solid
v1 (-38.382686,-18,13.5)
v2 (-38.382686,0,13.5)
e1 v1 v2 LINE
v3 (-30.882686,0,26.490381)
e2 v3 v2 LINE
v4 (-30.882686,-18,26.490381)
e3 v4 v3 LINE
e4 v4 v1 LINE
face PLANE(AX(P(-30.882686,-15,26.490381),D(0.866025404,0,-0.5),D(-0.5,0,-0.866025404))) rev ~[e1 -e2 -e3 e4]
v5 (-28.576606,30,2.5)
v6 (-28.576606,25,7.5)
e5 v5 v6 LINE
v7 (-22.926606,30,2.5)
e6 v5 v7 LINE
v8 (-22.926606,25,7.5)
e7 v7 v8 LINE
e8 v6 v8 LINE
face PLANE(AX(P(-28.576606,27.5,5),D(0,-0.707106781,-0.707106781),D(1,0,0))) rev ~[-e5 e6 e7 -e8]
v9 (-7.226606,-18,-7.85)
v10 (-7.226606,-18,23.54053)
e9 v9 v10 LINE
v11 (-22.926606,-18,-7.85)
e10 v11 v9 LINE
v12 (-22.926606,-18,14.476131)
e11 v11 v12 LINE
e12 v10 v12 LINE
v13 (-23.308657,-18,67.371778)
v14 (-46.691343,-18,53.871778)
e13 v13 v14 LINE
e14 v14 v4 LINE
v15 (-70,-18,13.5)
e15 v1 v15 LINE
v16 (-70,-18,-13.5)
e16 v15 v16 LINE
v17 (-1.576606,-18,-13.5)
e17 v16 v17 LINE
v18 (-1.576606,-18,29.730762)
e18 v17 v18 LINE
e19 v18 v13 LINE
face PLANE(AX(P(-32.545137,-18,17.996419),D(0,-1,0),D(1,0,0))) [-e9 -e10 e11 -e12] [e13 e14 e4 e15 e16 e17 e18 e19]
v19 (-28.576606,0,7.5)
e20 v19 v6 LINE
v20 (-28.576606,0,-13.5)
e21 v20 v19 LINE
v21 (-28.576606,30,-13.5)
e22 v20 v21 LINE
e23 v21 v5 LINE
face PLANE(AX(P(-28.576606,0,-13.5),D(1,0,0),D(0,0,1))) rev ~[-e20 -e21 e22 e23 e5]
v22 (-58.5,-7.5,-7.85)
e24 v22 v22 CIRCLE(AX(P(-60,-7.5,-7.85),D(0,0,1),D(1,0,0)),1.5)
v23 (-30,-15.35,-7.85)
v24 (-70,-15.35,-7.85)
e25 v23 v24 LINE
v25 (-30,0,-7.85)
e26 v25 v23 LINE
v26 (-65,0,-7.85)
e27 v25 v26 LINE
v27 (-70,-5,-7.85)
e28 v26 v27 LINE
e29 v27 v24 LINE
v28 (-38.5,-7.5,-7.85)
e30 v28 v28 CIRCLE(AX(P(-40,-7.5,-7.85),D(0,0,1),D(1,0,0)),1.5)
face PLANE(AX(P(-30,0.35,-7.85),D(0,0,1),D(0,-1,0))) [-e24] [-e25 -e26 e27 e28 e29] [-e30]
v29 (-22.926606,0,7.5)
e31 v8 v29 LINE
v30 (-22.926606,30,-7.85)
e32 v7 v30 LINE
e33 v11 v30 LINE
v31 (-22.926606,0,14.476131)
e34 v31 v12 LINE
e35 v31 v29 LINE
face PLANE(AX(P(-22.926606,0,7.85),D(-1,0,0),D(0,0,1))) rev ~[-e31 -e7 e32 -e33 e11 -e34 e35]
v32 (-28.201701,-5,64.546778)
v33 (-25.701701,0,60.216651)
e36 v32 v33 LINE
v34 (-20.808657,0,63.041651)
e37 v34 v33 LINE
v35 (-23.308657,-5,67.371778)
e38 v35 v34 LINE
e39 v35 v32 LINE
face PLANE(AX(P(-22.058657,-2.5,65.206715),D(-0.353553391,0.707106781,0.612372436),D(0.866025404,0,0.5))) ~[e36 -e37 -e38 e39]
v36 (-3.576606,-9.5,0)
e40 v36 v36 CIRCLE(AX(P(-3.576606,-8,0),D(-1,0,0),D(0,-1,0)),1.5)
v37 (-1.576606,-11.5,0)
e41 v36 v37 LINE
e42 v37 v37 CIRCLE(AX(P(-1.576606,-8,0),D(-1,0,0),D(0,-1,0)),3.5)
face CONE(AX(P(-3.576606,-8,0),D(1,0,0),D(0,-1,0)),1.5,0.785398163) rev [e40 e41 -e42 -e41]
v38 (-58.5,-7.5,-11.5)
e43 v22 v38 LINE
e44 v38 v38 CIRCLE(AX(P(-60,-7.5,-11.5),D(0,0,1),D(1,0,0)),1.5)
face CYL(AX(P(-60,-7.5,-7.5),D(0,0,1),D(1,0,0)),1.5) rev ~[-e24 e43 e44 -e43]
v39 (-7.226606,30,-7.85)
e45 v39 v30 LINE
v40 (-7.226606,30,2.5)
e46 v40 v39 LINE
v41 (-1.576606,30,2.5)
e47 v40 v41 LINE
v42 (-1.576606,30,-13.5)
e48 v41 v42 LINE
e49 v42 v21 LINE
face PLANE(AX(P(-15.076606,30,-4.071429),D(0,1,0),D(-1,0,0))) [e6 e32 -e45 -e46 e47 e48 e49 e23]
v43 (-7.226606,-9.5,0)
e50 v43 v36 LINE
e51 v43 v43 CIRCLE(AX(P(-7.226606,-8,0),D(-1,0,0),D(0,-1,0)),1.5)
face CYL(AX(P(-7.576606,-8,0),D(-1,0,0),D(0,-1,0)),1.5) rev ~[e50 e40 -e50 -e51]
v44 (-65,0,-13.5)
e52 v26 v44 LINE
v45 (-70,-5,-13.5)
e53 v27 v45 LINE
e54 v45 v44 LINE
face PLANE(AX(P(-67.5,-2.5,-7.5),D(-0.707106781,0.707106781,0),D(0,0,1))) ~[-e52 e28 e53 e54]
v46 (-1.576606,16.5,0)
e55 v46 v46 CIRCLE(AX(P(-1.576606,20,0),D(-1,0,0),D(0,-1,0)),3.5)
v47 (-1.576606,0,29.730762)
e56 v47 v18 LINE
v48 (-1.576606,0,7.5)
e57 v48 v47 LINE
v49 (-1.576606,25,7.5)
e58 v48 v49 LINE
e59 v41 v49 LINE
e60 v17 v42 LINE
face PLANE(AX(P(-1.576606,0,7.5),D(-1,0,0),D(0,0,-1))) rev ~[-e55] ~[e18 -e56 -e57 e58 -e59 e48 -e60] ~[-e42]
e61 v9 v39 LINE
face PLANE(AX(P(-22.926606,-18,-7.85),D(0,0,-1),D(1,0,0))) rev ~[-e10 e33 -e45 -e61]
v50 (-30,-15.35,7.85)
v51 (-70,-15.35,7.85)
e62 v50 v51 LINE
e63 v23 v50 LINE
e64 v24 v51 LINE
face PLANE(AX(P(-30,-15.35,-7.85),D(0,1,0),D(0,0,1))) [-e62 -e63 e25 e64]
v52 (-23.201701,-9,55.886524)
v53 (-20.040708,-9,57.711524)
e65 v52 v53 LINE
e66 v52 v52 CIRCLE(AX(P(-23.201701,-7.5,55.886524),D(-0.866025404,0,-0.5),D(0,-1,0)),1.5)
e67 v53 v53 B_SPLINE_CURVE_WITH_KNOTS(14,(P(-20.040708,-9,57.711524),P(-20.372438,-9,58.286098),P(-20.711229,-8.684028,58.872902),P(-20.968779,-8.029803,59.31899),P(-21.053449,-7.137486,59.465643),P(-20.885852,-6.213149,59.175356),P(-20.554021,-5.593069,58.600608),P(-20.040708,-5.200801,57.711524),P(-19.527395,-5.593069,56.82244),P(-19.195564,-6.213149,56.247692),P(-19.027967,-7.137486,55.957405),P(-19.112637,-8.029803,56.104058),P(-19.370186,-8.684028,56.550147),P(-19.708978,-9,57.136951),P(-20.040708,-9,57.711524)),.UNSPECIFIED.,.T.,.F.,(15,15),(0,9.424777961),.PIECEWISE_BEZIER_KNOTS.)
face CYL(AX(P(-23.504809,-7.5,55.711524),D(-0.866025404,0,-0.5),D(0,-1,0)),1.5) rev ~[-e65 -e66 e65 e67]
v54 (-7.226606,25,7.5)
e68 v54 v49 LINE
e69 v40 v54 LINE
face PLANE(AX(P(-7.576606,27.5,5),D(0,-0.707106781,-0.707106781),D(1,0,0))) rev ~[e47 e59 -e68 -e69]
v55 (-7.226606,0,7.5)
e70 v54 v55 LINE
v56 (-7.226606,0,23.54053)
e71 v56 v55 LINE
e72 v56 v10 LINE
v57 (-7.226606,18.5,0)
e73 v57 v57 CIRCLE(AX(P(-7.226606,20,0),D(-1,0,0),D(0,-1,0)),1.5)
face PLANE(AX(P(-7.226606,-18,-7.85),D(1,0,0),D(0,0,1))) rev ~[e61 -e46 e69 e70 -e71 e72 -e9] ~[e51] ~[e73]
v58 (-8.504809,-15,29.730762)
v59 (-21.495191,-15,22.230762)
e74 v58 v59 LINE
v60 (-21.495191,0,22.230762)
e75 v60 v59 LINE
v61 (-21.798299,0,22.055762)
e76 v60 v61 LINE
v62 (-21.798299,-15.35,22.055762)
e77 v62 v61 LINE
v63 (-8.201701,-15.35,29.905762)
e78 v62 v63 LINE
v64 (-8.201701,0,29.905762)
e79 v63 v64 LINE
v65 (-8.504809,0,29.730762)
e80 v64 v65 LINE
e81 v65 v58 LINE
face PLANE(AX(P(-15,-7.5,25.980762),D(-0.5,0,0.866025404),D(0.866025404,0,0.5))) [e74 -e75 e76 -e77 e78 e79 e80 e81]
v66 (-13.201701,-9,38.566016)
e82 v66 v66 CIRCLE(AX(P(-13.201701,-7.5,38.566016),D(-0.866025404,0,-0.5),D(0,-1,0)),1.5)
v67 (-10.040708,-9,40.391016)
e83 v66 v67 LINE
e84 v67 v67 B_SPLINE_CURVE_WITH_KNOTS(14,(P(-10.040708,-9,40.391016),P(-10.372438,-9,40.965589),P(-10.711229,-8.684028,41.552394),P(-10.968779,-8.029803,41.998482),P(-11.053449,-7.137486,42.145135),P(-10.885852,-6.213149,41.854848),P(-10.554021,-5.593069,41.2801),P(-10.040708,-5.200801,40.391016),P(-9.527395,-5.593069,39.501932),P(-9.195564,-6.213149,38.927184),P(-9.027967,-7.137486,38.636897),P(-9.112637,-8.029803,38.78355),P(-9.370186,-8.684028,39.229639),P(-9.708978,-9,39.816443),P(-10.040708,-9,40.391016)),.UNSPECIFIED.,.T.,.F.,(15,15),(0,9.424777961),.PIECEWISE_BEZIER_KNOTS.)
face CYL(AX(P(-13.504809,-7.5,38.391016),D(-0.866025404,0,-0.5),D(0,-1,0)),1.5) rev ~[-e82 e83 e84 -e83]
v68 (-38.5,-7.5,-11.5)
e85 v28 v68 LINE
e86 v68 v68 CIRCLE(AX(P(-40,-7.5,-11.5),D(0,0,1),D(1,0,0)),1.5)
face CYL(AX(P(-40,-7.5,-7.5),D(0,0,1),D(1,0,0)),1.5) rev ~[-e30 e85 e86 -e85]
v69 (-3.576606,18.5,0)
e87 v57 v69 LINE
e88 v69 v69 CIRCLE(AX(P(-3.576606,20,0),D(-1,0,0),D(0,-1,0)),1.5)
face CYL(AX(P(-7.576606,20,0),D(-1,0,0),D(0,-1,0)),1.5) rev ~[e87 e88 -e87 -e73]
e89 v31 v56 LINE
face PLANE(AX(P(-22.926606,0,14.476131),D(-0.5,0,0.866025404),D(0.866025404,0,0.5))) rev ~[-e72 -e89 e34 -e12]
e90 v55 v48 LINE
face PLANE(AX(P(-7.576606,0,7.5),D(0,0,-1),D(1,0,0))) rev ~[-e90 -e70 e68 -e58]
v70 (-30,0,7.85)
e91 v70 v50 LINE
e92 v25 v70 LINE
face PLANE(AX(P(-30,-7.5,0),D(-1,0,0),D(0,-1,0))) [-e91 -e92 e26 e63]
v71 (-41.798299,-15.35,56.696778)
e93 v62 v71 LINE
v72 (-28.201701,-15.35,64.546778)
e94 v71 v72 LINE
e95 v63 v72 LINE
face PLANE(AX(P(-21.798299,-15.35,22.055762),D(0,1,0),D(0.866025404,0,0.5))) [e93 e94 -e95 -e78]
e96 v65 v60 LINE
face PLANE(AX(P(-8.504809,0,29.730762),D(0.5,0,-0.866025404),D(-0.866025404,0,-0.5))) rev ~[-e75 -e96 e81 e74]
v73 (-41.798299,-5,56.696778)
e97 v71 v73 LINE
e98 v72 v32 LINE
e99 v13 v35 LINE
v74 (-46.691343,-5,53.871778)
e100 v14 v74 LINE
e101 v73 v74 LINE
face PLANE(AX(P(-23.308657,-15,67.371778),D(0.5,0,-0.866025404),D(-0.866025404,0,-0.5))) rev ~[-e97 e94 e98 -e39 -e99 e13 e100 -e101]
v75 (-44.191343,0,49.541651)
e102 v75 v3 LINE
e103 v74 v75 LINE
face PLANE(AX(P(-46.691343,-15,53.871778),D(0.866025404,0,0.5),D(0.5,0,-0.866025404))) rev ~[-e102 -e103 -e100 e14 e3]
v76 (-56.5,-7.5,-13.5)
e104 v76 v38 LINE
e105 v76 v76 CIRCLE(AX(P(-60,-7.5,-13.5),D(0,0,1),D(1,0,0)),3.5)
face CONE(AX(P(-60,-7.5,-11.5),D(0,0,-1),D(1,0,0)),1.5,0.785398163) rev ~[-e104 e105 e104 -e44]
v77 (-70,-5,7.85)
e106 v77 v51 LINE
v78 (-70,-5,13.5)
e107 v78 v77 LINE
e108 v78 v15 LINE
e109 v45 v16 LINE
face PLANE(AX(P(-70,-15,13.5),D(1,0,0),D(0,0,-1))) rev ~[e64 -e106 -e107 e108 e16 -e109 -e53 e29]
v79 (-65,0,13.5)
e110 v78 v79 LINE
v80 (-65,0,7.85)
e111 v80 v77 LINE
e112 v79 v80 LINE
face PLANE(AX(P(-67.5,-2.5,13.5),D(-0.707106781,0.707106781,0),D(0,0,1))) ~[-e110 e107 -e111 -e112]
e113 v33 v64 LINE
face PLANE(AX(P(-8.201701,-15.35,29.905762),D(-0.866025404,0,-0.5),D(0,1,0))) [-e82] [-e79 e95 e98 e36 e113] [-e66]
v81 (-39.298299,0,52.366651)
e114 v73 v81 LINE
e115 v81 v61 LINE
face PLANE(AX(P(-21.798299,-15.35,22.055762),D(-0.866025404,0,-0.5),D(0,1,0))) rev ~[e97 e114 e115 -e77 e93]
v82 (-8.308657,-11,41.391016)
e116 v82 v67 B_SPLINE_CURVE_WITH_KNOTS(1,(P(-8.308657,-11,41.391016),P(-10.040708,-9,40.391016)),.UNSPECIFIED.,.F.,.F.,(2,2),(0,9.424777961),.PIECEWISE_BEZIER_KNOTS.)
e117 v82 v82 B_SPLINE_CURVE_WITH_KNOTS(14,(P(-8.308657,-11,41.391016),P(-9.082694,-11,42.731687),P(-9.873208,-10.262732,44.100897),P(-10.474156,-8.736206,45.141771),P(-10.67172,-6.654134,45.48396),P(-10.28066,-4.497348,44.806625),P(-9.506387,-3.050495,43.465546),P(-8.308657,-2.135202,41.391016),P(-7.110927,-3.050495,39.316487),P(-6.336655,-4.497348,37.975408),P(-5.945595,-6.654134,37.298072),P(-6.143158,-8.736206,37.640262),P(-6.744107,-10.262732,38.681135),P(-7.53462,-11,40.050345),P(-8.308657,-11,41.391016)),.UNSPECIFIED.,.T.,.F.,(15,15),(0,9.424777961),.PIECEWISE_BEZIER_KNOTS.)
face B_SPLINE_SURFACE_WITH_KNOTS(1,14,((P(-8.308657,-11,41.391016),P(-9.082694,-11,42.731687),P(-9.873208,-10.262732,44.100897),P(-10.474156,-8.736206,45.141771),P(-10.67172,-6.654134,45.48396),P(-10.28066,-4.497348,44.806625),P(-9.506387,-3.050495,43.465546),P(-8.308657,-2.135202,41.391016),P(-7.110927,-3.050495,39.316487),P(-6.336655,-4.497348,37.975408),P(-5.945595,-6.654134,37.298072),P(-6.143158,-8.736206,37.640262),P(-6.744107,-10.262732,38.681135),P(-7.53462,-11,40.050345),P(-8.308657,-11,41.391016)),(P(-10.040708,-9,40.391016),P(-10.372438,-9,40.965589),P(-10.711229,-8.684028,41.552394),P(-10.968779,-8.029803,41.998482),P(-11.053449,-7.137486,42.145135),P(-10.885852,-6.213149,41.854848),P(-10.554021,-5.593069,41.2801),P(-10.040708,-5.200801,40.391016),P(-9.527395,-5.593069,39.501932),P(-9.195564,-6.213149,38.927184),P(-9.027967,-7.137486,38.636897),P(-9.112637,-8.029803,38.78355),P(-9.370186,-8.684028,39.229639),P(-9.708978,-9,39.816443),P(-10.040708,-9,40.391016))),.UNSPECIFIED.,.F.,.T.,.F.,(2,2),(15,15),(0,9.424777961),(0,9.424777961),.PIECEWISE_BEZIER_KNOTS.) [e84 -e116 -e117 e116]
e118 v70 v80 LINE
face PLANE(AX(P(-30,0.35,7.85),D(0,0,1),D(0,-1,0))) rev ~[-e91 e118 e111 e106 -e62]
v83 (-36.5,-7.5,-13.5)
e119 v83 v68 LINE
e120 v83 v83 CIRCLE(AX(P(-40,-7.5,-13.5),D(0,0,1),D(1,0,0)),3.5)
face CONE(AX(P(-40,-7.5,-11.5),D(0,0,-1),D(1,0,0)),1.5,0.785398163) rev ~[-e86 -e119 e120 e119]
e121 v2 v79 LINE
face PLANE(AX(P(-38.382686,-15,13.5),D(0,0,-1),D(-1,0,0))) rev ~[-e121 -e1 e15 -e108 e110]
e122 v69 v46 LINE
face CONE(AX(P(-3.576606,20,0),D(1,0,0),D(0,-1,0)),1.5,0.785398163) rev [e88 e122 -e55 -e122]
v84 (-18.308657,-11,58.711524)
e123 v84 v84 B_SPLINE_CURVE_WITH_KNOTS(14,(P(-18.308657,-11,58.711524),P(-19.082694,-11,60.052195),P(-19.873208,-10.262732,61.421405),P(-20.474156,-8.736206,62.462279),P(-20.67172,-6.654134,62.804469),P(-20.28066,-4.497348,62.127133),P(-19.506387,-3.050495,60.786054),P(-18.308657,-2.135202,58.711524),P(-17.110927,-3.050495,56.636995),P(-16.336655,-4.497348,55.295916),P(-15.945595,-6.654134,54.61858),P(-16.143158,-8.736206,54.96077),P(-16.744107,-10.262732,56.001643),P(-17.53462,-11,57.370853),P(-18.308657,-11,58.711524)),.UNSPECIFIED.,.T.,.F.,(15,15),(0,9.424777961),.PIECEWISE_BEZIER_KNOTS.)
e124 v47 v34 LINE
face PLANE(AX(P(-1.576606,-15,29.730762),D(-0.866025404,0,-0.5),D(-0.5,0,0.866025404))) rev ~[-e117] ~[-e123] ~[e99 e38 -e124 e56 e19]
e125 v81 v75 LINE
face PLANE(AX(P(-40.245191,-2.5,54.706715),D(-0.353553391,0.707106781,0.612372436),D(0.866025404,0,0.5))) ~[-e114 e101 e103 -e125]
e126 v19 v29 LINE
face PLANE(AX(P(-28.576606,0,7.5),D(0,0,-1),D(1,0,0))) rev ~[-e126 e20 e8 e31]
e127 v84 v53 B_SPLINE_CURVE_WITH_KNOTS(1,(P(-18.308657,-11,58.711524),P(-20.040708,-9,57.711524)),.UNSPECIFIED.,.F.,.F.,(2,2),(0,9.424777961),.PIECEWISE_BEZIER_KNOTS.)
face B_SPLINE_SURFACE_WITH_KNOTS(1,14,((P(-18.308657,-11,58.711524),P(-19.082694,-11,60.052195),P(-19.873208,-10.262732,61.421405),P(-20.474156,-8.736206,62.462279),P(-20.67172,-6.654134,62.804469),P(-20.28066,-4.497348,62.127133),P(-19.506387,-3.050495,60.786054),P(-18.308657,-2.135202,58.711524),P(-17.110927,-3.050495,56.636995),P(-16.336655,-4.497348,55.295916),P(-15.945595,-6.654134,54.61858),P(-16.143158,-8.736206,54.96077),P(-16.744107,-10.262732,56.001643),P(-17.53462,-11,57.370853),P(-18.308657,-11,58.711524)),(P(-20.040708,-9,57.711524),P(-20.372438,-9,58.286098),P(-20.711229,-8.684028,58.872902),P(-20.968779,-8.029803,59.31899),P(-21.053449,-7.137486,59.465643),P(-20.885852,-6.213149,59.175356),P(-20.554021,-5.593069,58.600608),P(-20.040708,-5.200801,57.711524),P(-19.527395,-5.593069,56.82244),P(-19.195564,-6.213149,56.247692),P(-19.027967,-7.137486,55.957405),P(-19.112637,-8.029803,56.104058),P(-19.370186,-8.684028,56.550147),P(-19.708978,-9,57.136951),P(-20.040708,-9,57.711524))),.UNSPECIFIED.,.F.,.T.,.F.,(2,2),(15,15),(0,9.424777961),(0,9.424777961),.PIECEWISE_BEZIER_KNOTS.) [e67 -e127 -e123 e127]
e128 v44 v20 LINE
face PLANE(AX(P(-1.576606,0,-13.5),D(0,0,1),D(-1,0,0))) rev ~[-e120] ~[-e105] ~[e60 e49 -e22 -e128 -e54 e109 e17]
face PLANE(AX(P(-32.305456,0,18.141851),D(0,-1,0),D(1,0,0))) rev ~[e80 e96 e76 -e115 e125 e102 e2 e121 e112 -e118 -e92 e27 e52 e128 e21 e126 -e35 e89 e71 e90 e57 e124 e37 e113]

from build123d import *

# Parameters (mm, degrees)
F0_W      = 15
F0_H      = 15
F1_DEPTH  = 15
F2_W      = 15
F2_H      = 15
F3_DEPTH  = 3
F5_DEPTH  = 30
F6_R      = 1.5
F7_DEPTH  = 6.001
F8_R      = 1.5
F9_DEPTH  = 24.8215080757
F10_R     = 1.5
F11_DEPTH = 6.001
F12_SIZE  = 5
F13_SIZE  = 2
F14_W     = 15.7
F14_H     = 15.7
F15_DEPTH = 48.001
F16_W     = 15.7
F16_H     = 15.7
F17_DEPTH = 63.3466714755
F18_W     = 15.7
F18_H     = 15.7
F19_DEPTH = 40.001
F21_DEPTH = 18.001


with BuildPart() as f1:
    # F0 (on Front) → F1 (new body)
    with BuildSketch(Plane.XZ):
        Polygon((-70, 7.5), (-30, 7.5), (-30, -7.5), (-70, -7.5), (-70, -13.5), (-1.5766062413, -13.5), (-1.5766062413, 29.7307621135), (-23.3086570489, 67.3717782649), (-28.5048094716, 64.3717782649), (-8.5048094716, 29.7307621135), (-21.4951905284, 22.2307621135), (-41.4951905284, 56.8717782649), (-46.6913429511, 53.8717782649), (-30.8826859022, 26.4903810568), (-38.3826859022, 13.5), (-70, 13.5), align=None)
        with Locations((-15.0766062413, 0)):
            Rectangle(F0_W, F0_H, mode=Mode.SUBTRACT)
    extrude(amount=F1_DEPTH)

    # F2 (on face) → F3 (join)
    with BuildSketch(Plane.XZ.offset(15)):
        Polygon((-38.3826859022, 13.5), (-70, 13.5), (-70, -13.5), (-1.5766062413, -13.5), (-1.5766062413, 29.7307621135), (-23.3086570489, 67.3717782649), (-46.6913429511, 53.8717782649), (-30.8826859022, 26.4903810568), align=None)
        with Locations((-15.0766062413, 0)):
            Rectangle(F2_W, F2_H, mode=Mode.SUBTRACT)
    extrude(amount=F3_DEPTH)

    # F4 (on face) → F5 (join)
    with BuildSketch(Plane(origin=(0, 0, 0), x_dir=(-1, 0, 0), z_dir=(0, 1, 0))):
        Polygon((7.5766062413, -7.5), (7.5766062413, 7.5), (1.5766062413, 7.5), (1.5766062413, -13.5), (28.5766062413, -13.5), (28.5766062413, 7.5), (22.5766062413, 7.5), (22.5766062413, -7.5), align=None)
    extrude(amount=F5_DEPTH)

    # F6 (on face) → F7 (cut, through all)
    with BuildSketch(Plane.XY.offset(-7.5)):
        with Locations((-40, -7.5)):
            Circle(F6_R)
        with Locations((-60, -7.5)):
            Circle(F6_R)
    extrude(amount=-F7_DEPTH, mode=Mode.SUBTRACT)

    # F8 (on face) → F9 (cut, through all)
    with BuildSketch(Plane(origin=(6.4951905284, 0, 3.75), x_dir=(0, -1, 0), z_dir=(-0.8660254038, 0, -0.5))):
        with Locations((7.5, 40)):
            Circle(F8_R)
        with Locations((7.5, 60)):
            Circle(F8_R)
    extrude(amount=-F9_DEPTH, mode=Mode.SUBTRACT)

    # F10 (on face) → F11 (cut, through all)
    with BuildSketch(Plane(origin=(-7.5766062413, 0, 0), x_dir=(0, -1, 0), z_dir=(-1, 0, 0))):
        with Locations((-20, 0)):
            Circle(F10_R)
        with Locations((8, 0)):
            Circle(F10_R)
    extrude(amount=-F11_DEPTH, mode=Mode.SUBTRACT)

    # F12
    f12_edges = [f1.edges().sort_by_distance(p)[0] for p in [
        (-25.906733, 0, 65.871778),
        (-44.093267, 0, 55.371778),
        (-4.576606, 30, 7.5),
        (-25.576606, 30, 7.5),
        (-70, 0, 10.5),
        (-70, 0, -10.5),
    ]]
    chamfer(f12_edges, length=F12_SIZE)

    # F13
    f13_edges = [f1.edges().sort_by_distance(p)[0] for p in [
        (-1.576606, -6.5, 0),
        (-1.576606, 21.5, 0),
        (-8.308657, -6, 41.391016),
        (-18.308657, -6, 58.711524),
        (-41.5, -7.5, -13.5),
        (-61.5, -7.5, -13.5),
    ]]
    chamfer(f13_edges, length=F13_SIZE)

    # F14 (on face) → F15 (cut, through all)
    with BuildSketch(Plane.XZ.offset(18)):
        with Locations((-15.0766062413, 0)):
            Rectangle(F14_W, F14_H)
    extrude(amount=-F15_DEPTH, mode=Mode.SUBTRACT)

    # F16 (on face) → F17 (cut, through all)
    with BuildSketch(Plane(origin=(-15, 0, 25.9807621135), x_dir=(0.8660254038, 0, 0.5), z_dir=(-0.5, 0, 0.8660254038))):
        with Locations((0, -7.5)):
            Rectangle(F16_W, F16_H)
    extrude(amount=F17_DEPTH, mode=Mode.SUBTRACT)

    # F18 (on face) → F19 (cut, through all)
    with BuildSketch(Plane(origin=(-30, 0, 0), x_dir=(0, -1, 0), z_dir=(-1, 0, 0))):
        with Locations((7.5, 0)):
            Rectangle(F18_W, F18_H)
    extrude(amount=F19_DEPTH, mode=Mode.SUBTRACT)

    # F20 (on face) → F21 (cut, through all)
    with BuildSketch(Plane(origin=(0, 0, 0), x_dir=(-1, 0, 0), z_dir=(0, 1, 0))):
        Polygon((7.2266062413, 23.5405298623), (7.2266062413, 7.85), (22.9266062413, 7.85), (22.9266062413, 14.4761306361), align=None)
    extrude(amount=-F21_DEPTH, mode=Mode.SUBTRACT)


solid = f1.part
